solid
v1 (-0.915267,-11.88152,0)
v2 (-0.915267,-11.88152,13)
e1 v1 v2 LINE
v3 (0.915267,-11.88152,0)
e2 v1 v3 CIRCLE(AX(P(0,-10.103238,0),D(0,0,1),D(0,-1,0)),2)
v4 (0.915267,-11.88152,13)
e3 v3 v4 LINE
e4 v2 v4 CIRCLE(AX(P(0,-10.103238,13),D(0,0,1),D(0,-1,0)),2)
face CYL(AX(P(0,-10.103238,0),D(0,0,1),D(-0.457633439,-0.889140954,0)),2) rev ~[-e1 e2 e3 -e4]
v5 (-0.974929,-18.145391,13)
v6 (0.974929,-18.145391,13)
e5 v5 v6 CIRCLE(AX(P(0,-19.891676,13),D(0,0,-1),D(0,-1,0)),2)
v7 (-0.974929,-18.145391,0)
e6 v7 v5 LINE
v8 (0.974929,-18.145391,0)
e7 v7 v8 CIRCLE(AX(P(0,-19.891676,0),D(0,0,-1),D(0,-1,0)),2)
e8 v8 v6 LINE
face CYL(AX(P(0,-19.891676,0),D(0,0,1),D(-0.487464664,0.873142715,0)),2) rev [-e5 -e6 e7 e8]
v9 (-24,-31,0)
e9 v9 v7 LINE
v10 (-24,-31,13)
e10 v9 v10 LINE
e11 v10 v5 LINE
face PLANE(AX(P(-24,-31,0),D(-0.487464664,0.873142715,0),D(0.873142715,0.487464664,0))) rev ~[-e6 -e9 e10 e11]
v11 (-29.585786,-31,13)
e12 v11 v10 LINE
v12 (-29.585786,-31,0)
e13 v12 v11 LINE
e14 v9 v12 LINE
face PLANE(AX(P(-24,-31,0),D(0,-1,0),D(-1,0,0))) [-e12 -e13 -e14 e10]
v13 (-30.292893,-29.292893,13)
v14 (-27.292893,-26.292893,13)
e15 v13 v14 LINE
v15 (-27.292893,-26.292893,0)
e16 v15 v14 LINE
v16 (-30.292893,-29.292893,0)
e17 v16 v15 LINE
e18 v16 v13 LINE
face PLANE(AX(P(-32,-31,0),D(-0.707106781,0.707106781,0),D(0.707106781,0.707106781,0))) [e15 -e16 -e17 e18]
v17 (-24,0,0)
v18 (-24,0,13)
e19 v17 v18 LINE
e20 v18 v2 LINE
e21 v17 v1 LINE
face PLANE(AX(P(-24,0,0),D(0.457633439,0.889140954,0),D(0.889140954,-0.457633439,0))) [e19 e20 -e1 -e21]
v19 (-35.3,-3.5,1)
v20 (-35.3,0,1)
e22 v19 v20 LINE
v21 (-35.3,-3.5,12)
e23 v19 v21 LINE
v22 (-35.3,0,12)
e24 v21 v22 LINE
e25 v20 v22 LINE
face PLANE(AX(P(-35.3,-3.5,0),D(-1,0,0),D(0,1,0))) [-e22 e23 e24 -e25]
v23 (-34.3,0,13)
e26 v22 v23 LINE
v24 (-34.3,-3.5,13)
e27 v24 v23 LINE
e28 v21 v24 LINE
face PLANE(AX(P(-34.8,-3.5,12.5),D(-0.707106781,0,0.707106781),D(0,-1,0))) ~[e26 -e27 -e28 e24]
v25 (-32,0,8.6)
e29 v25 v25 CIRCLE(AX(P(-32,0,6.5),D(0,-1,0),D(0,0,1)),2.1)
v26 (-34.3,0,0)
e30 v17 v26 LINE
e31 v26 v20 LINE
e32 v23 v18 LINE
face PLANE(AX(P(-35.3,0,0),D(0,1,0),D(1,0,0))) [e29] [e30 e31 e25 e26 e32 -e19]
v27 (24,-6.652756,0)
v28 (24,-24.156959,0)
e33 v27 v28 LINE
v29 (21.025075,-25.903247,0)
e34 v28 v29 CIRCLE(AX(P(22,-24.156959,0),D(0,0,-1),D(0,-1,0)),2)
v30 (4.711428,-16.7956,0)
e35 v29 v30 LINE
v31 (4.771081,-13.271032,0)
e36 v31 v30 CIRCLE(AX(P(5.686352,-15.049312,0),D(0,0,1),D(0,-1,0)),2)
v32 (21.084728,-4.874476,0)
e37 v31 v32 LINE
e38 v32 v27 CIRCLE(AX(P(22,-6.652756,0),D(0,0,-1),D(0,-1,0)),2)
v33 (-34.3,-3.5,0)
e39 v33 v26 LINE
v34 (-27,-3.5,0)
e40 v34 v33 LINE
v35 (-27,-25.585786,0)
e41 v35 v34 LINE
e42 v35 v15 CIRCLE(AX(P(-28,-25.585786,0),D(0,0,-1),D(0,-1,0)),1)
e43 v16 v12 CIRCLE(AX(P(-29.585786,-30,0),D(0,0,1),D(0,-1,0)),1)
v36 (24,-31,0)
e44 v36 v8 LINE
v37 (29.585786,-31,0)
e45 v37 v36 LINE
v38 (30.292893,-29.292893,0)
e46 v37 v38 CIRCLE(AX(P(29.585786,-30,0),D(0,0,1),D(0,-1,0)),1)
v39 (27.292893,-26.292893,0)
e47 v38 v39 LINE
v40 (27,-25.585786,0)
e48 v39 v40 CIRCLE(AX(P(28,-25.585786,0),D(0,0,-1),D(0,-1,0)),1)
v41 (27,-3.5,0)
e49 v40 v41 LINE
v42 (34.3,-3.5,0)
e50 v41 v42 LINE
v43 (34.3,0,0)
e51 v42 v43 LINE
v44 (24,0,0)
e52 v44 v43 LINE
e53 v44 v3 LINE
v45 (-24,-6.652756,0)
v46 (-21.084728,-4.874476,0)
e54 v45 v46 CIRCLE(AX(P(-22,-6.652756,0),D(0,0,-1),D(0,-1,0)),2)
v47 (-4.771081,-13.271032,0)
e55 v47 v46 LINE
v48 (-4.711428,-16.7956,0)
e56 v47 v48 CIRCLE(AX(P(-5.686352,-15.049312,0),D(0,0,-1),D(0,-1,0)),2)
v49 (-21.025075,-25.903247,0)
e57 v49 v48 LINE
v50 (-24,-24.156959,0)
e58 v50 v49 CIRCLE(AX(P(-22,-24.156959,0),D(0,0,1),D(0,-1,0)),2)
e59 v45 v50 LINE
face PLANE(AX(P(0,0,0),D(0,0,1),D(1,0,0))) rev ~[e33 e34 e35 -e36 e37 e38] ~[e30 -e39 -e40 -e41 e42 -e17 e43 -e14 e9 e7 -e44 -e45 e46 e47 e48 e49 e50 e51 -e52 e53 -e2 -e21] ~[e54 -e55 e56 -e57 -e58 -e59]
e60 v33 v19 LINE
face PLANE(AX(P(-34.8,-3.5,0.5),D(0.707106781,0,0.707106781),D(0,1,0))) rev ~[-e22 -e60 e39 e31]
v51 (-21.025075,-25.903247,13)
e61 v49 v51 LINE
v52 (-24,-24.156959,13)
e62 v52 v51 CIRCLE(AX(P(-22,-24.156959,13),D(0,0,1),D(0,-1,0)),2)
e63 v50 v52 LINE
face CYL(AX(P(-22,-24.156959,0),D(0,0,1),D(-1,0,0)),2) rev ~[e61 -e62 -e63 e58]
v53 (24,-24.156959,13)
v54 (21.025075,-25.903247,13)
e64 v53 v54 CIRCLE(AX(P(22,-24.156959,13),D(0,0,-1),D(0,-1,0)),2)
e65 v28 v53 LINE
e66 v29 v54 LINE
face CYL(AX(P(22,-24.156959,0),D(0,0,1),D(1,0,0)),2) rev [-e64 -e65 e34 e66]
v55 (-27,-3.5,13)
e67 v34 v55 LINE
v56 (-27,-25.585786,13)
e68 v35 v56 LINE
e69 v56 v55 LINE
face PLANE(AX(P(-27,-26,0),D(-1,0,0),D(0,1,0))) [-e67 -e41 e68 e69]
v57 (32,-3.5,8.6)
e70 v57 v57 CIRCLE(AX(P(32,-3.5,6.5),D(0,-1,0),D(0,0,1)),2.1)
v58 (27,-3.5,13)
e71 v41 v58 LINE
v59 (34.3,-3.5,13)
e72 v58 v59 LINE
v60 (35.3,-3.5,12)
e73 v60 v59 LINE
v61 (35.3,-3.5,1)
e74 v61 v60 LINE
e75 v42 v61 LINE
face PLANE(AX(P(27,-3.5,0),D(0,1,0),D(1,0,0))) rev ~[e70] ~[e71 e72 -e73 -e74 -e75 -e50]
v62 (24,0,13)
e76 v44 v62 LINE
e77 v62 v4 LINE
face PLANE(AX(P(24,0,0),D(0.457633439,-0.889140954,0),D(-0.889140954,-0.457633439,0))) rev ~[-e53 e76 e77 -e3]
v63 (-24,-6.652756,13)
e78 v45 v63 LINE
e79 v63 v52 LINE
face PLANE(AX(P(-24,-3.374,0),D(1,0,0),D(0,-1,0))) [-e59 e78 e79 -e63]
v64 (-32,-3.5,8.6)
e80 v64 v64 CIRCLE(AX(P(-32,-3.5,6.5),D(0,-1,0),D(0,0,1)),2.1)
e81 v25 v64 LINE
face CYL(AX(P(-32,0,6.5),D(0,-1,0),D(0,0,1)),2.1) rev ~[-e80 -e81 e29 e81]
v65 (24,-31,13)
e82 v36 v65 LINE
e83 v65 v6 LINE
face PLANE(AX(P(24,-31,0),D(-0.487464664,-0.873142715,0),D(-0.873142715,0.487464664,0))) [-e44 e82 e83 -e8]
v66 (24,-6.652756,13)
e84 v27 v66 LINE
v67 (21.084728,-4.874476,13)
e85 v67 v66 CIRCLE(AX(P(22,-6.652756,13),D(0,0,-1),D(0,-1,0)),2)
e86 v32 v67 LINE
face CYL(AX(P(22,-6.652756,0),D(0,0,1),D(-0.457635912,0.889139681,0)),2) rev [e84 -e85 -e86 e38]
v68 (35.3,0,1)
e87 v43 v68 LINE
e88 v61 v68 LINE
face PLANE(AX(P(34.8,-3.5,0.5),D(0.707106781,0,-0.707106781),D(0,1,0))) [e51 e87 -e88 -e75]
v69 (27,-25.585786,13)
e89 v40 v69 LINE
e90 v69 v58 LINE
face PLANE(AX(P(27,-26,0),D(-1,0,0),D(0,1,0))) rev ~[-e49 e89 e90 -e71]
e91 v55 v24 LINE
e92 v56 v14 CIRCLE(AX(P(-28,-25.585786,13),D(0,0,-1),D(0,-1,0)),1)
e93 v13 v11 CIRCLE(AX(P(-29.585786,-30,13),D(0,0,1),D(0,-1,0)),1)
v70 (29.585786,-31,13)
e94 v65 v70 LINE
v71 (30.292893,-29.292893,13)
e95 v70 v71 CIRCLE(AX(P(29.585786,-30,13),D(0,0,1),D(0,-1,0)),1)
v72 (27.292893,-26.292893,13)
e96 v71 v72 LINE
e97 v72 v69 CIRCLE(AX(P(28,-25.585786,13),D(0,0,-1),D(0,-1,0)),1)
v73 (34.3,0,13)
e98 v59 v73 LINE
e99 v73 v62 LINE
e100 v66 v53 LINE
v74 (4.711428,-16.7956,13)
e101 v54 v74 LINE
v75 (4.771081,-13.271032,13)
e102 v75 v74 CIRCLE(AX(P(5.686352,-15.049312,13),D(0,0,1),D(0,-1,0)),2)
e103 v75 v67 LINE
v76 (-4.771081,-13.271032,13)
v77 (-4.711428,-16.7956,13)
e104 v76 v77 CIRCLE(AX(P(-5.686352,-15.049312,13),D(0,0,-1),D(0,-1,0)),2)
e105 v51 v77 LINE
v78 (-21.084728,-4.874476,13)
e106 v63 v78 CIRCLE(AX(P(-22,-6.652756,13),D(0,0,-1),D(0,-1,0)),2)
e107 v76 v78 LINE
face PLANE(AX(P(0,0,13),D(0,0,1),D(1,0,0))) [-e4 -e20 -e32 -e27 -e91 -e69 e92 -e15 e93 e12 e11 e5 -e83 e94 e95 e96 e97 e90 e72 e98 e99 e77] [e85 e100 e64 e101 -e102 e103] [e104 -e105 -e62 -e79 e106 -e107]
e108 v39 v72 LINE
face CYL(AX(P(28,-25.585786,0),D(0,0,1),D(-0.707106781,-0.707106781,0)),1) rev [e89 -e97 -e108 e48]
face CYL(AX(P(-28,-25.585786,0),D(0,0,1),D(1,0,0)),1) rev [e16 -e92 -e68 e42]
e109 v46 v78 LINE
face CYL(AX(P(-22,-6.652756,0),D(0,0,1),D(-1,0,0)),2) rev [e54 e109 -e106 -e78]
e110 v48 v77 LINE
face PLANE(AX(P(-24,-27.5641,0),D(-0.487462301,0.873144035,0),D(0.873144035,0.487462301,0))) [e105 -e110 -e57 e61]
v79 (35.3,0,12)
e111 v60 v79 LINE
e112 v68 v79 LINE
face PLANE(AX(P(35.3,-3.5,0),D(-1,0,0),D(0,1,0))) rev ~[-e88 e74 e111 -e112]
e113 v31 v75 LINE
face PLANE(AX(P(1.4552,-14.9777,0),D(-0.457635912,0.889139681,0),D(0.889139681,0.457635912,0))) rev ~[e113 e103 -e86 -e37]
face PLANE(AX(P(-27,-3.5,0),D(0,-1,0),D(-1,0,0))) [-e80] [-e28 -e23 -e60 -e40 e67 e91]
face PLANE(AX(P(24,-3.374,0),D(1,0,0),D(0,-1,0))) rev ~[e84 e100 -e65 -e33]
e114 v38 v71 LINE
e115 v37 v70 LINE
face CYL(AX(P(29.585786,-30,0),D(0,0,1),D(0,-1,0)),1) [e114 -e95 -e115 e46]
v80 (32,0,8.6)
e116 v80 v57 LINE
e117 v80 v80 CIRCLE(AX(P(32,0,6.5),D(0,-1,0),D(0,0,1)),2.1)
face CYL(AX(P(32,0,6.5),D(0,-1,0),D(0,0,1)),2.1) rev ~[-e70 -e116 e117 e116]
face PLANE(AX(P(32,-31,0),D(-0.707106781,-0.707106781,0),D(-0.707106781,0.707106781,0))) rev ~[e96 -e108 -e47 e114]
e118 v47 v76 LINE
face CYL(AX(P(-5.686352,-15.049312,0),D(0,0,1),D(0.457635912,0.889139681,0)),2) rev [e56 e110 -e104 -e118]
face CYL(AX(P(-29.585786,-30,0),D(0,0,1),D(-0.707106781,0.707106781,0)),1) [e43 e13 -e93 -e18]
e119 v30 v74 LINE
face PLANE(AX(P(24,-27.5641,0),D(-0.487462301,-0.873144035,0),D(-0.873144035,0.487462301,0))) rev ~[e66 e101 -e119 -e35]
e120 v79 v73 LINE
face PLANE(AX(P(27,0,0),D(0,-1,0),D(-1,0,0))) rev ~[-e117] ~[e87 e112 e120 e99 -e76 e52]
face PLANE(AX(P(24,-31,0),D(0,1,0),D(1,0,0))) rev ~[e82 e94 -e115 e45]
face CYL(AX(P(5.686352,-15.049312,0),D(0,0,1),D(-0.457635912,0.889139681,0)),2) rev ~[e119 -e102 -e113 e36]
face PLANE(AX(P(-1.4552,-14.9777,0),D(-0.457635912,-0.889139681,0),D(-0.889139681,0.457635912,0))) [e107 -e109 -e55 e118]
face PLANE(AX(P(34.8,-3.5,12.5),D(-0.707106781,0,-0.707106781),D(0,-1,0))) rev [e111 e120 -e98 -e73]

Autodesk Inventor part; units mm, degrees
ref_plane "YZ Plane" through (0, 0, 0) normal (1, 0, 0) x (0, 1, 0)
ref_plane "XZ Plane" through (0, 0, 0) normal (0, 1, 0) x (-1, 0, 0)
ref_plane "XY Plane" through (0, 0, 0) normal (0, 0, 1) x (1, 0, 0)
sketch "Sketch1" plane through (0, 0, 0) normal (0, 0, 1) x (1, 0, 0)
  line L0 (-35.3, 0) -> (-27, 0)
  line L1 (-27, 0) -> (-27, -3.5)
  line L2 (-27, -3.5) -> (-35.3, -3.5)
  line L3 (-35.3, -3.5) -> (-35.3, 0)
  line L4 (-27, 0) -> (-24, 0)
  line L5 (-24, 0) -> (-24, -31)
  line L6 (-24, -31) -> (-27, -31)
  line L7 (-27, -31) -> (-27, 0)
  line L8 (-27, -31) -> (-32, -31)
  line L9 (-32, -31) -> (-27, -26)
  line L10 (-24, -31) -> (36.4267, -31) construction
  line L11 (0, 0) -> (0, -31)
  line L12 (-24, 0) -> (31.066, 0) construction
  line L13 (-24, -31) -> (0, -17.6011)
  line L14 (-24, -27.5641) -> (-1.4552, -14.9777)
  line L15 (-24, 0) -> (0, -12.3526)
  line L16 (-1.4552, -14.9777) -> (-24, -3.374)
  line L17 (35.3, 0) -> (27, 0)
  line L18 (27, 0) -> (27, -3.5)
  line L19 (27, -3.5) -> (35.3, -3.5)
  line L20 (35.3, -3.5) -> (35.3, 0)
  line L21 (27, 0) -> (24, 0)
  line L22 (24, 0) -> (24, -31)
  line L23 (24, -31) -> (27, -31)
  line L24 (27, -31) -> (27, 0)
  line L25 (27, -31) -> (32, -31)
  line L26 (32, -31) -> (27, -26)
  line L27 (24, -31) -> (0, -17.6011)
  line L28 (24, -27.5641) -> (1.4552, -14.9777)
  line L29 (24, 0) -> (0, -12.3526)
  line L30 (1.4552, -14.9777) -> (24, -3.374)
  dimension "d0" = 8.3
  dimension "d1" = 3.5
  dimension "d2" = 27
  dimension "d3" = 3
  dimension "d4" = 31
  dimension "d5" = 5
  dimension "d7" = 45
  dimension "d13" = 0
  dimension "d17" = 3
  dimension "d18" = 3
extrude "Extrusion1" add sketch "Sketch1" along normal blind 13 contours L0 L1 L2 L3 | L4 L5 L6 L7 L1 | L15 L11 L13 L5 L14 L16 | L7 L8 L9 | L29 L22 L30 L28 L27 L11 | L21 L18 L24 L23 L22 | L17 L20 L19 L18 | L24 L26 L25
sketch "Sketch2" plane through (-35.3, 0, 0) normal (0, 1, 0) x (1, 0, 0)
  line L0 (0, 0) -> (11.3, 0) projected
  line L1 (0, 0) -> (0, -13) projected
  line L2 (11.3, -13) -> (0, -13) projected
  line L3 (11.3, 0) -> (11.3, -13) projected
  line L4 (59.3, 0) -> (70.6, 0) projected
  line L5 (59.3, 0) -> (59.3, -13) projected
  line L6 (70.6, -13) -> (59.3, -13) projected
  line L7 (70.6, 0) -> (70.6, -13) projected
  point P0 (35.3, 0)
  point P1 (3.3, -6.5)
  point P2 (67.3, -6.5)
  dimension "d21" = 64
  dimension "d22" = 70.6
  dimension "d23" = 3.3
  dimension "d24" = 6.5
  dimension "d25" = 13
hole "Hole1" at (-32, 0, 6.5) at (32, 0, 6.5) direction (0, -1, 0) diameter 4.2 depth 15 tip angle 118
fillet "Fillet1" radius 2 8 edges at (0, -12.3526, 6.5) (0, -17.6011, 6.5) (1.4552, -14.9777, 6.5) (-1.4552, -14.9777, 6.5) (-24, -27.5641, 6.5) (-24, -3.374, 6.5) (24, -3.374, 6.5) (24, -27.5641, 6.5)
fillet "Fillet1" radius 1 4 edges at (-27, -26, 6.5) (-32, -31, 6.5) (27, -26, 6.5) (32, -31, 6.5)
chamfer "Chamfer1" distance 1 angle 45 4 edges at (35.3, -1.75, 13) (35.3, -1.75, 0) (-35.3, -1.75, 0) (-35.3, -1.75, 13)
equation "\"d23\" = -0.5 * d21 + 0.5 * d22"
equation "\"d24\" = 0.5 * d25"
equation "\"d16\" = d12"
equation "\"d12\" = 3"
properties part number "3DP_PLA_Turbine_stand"
